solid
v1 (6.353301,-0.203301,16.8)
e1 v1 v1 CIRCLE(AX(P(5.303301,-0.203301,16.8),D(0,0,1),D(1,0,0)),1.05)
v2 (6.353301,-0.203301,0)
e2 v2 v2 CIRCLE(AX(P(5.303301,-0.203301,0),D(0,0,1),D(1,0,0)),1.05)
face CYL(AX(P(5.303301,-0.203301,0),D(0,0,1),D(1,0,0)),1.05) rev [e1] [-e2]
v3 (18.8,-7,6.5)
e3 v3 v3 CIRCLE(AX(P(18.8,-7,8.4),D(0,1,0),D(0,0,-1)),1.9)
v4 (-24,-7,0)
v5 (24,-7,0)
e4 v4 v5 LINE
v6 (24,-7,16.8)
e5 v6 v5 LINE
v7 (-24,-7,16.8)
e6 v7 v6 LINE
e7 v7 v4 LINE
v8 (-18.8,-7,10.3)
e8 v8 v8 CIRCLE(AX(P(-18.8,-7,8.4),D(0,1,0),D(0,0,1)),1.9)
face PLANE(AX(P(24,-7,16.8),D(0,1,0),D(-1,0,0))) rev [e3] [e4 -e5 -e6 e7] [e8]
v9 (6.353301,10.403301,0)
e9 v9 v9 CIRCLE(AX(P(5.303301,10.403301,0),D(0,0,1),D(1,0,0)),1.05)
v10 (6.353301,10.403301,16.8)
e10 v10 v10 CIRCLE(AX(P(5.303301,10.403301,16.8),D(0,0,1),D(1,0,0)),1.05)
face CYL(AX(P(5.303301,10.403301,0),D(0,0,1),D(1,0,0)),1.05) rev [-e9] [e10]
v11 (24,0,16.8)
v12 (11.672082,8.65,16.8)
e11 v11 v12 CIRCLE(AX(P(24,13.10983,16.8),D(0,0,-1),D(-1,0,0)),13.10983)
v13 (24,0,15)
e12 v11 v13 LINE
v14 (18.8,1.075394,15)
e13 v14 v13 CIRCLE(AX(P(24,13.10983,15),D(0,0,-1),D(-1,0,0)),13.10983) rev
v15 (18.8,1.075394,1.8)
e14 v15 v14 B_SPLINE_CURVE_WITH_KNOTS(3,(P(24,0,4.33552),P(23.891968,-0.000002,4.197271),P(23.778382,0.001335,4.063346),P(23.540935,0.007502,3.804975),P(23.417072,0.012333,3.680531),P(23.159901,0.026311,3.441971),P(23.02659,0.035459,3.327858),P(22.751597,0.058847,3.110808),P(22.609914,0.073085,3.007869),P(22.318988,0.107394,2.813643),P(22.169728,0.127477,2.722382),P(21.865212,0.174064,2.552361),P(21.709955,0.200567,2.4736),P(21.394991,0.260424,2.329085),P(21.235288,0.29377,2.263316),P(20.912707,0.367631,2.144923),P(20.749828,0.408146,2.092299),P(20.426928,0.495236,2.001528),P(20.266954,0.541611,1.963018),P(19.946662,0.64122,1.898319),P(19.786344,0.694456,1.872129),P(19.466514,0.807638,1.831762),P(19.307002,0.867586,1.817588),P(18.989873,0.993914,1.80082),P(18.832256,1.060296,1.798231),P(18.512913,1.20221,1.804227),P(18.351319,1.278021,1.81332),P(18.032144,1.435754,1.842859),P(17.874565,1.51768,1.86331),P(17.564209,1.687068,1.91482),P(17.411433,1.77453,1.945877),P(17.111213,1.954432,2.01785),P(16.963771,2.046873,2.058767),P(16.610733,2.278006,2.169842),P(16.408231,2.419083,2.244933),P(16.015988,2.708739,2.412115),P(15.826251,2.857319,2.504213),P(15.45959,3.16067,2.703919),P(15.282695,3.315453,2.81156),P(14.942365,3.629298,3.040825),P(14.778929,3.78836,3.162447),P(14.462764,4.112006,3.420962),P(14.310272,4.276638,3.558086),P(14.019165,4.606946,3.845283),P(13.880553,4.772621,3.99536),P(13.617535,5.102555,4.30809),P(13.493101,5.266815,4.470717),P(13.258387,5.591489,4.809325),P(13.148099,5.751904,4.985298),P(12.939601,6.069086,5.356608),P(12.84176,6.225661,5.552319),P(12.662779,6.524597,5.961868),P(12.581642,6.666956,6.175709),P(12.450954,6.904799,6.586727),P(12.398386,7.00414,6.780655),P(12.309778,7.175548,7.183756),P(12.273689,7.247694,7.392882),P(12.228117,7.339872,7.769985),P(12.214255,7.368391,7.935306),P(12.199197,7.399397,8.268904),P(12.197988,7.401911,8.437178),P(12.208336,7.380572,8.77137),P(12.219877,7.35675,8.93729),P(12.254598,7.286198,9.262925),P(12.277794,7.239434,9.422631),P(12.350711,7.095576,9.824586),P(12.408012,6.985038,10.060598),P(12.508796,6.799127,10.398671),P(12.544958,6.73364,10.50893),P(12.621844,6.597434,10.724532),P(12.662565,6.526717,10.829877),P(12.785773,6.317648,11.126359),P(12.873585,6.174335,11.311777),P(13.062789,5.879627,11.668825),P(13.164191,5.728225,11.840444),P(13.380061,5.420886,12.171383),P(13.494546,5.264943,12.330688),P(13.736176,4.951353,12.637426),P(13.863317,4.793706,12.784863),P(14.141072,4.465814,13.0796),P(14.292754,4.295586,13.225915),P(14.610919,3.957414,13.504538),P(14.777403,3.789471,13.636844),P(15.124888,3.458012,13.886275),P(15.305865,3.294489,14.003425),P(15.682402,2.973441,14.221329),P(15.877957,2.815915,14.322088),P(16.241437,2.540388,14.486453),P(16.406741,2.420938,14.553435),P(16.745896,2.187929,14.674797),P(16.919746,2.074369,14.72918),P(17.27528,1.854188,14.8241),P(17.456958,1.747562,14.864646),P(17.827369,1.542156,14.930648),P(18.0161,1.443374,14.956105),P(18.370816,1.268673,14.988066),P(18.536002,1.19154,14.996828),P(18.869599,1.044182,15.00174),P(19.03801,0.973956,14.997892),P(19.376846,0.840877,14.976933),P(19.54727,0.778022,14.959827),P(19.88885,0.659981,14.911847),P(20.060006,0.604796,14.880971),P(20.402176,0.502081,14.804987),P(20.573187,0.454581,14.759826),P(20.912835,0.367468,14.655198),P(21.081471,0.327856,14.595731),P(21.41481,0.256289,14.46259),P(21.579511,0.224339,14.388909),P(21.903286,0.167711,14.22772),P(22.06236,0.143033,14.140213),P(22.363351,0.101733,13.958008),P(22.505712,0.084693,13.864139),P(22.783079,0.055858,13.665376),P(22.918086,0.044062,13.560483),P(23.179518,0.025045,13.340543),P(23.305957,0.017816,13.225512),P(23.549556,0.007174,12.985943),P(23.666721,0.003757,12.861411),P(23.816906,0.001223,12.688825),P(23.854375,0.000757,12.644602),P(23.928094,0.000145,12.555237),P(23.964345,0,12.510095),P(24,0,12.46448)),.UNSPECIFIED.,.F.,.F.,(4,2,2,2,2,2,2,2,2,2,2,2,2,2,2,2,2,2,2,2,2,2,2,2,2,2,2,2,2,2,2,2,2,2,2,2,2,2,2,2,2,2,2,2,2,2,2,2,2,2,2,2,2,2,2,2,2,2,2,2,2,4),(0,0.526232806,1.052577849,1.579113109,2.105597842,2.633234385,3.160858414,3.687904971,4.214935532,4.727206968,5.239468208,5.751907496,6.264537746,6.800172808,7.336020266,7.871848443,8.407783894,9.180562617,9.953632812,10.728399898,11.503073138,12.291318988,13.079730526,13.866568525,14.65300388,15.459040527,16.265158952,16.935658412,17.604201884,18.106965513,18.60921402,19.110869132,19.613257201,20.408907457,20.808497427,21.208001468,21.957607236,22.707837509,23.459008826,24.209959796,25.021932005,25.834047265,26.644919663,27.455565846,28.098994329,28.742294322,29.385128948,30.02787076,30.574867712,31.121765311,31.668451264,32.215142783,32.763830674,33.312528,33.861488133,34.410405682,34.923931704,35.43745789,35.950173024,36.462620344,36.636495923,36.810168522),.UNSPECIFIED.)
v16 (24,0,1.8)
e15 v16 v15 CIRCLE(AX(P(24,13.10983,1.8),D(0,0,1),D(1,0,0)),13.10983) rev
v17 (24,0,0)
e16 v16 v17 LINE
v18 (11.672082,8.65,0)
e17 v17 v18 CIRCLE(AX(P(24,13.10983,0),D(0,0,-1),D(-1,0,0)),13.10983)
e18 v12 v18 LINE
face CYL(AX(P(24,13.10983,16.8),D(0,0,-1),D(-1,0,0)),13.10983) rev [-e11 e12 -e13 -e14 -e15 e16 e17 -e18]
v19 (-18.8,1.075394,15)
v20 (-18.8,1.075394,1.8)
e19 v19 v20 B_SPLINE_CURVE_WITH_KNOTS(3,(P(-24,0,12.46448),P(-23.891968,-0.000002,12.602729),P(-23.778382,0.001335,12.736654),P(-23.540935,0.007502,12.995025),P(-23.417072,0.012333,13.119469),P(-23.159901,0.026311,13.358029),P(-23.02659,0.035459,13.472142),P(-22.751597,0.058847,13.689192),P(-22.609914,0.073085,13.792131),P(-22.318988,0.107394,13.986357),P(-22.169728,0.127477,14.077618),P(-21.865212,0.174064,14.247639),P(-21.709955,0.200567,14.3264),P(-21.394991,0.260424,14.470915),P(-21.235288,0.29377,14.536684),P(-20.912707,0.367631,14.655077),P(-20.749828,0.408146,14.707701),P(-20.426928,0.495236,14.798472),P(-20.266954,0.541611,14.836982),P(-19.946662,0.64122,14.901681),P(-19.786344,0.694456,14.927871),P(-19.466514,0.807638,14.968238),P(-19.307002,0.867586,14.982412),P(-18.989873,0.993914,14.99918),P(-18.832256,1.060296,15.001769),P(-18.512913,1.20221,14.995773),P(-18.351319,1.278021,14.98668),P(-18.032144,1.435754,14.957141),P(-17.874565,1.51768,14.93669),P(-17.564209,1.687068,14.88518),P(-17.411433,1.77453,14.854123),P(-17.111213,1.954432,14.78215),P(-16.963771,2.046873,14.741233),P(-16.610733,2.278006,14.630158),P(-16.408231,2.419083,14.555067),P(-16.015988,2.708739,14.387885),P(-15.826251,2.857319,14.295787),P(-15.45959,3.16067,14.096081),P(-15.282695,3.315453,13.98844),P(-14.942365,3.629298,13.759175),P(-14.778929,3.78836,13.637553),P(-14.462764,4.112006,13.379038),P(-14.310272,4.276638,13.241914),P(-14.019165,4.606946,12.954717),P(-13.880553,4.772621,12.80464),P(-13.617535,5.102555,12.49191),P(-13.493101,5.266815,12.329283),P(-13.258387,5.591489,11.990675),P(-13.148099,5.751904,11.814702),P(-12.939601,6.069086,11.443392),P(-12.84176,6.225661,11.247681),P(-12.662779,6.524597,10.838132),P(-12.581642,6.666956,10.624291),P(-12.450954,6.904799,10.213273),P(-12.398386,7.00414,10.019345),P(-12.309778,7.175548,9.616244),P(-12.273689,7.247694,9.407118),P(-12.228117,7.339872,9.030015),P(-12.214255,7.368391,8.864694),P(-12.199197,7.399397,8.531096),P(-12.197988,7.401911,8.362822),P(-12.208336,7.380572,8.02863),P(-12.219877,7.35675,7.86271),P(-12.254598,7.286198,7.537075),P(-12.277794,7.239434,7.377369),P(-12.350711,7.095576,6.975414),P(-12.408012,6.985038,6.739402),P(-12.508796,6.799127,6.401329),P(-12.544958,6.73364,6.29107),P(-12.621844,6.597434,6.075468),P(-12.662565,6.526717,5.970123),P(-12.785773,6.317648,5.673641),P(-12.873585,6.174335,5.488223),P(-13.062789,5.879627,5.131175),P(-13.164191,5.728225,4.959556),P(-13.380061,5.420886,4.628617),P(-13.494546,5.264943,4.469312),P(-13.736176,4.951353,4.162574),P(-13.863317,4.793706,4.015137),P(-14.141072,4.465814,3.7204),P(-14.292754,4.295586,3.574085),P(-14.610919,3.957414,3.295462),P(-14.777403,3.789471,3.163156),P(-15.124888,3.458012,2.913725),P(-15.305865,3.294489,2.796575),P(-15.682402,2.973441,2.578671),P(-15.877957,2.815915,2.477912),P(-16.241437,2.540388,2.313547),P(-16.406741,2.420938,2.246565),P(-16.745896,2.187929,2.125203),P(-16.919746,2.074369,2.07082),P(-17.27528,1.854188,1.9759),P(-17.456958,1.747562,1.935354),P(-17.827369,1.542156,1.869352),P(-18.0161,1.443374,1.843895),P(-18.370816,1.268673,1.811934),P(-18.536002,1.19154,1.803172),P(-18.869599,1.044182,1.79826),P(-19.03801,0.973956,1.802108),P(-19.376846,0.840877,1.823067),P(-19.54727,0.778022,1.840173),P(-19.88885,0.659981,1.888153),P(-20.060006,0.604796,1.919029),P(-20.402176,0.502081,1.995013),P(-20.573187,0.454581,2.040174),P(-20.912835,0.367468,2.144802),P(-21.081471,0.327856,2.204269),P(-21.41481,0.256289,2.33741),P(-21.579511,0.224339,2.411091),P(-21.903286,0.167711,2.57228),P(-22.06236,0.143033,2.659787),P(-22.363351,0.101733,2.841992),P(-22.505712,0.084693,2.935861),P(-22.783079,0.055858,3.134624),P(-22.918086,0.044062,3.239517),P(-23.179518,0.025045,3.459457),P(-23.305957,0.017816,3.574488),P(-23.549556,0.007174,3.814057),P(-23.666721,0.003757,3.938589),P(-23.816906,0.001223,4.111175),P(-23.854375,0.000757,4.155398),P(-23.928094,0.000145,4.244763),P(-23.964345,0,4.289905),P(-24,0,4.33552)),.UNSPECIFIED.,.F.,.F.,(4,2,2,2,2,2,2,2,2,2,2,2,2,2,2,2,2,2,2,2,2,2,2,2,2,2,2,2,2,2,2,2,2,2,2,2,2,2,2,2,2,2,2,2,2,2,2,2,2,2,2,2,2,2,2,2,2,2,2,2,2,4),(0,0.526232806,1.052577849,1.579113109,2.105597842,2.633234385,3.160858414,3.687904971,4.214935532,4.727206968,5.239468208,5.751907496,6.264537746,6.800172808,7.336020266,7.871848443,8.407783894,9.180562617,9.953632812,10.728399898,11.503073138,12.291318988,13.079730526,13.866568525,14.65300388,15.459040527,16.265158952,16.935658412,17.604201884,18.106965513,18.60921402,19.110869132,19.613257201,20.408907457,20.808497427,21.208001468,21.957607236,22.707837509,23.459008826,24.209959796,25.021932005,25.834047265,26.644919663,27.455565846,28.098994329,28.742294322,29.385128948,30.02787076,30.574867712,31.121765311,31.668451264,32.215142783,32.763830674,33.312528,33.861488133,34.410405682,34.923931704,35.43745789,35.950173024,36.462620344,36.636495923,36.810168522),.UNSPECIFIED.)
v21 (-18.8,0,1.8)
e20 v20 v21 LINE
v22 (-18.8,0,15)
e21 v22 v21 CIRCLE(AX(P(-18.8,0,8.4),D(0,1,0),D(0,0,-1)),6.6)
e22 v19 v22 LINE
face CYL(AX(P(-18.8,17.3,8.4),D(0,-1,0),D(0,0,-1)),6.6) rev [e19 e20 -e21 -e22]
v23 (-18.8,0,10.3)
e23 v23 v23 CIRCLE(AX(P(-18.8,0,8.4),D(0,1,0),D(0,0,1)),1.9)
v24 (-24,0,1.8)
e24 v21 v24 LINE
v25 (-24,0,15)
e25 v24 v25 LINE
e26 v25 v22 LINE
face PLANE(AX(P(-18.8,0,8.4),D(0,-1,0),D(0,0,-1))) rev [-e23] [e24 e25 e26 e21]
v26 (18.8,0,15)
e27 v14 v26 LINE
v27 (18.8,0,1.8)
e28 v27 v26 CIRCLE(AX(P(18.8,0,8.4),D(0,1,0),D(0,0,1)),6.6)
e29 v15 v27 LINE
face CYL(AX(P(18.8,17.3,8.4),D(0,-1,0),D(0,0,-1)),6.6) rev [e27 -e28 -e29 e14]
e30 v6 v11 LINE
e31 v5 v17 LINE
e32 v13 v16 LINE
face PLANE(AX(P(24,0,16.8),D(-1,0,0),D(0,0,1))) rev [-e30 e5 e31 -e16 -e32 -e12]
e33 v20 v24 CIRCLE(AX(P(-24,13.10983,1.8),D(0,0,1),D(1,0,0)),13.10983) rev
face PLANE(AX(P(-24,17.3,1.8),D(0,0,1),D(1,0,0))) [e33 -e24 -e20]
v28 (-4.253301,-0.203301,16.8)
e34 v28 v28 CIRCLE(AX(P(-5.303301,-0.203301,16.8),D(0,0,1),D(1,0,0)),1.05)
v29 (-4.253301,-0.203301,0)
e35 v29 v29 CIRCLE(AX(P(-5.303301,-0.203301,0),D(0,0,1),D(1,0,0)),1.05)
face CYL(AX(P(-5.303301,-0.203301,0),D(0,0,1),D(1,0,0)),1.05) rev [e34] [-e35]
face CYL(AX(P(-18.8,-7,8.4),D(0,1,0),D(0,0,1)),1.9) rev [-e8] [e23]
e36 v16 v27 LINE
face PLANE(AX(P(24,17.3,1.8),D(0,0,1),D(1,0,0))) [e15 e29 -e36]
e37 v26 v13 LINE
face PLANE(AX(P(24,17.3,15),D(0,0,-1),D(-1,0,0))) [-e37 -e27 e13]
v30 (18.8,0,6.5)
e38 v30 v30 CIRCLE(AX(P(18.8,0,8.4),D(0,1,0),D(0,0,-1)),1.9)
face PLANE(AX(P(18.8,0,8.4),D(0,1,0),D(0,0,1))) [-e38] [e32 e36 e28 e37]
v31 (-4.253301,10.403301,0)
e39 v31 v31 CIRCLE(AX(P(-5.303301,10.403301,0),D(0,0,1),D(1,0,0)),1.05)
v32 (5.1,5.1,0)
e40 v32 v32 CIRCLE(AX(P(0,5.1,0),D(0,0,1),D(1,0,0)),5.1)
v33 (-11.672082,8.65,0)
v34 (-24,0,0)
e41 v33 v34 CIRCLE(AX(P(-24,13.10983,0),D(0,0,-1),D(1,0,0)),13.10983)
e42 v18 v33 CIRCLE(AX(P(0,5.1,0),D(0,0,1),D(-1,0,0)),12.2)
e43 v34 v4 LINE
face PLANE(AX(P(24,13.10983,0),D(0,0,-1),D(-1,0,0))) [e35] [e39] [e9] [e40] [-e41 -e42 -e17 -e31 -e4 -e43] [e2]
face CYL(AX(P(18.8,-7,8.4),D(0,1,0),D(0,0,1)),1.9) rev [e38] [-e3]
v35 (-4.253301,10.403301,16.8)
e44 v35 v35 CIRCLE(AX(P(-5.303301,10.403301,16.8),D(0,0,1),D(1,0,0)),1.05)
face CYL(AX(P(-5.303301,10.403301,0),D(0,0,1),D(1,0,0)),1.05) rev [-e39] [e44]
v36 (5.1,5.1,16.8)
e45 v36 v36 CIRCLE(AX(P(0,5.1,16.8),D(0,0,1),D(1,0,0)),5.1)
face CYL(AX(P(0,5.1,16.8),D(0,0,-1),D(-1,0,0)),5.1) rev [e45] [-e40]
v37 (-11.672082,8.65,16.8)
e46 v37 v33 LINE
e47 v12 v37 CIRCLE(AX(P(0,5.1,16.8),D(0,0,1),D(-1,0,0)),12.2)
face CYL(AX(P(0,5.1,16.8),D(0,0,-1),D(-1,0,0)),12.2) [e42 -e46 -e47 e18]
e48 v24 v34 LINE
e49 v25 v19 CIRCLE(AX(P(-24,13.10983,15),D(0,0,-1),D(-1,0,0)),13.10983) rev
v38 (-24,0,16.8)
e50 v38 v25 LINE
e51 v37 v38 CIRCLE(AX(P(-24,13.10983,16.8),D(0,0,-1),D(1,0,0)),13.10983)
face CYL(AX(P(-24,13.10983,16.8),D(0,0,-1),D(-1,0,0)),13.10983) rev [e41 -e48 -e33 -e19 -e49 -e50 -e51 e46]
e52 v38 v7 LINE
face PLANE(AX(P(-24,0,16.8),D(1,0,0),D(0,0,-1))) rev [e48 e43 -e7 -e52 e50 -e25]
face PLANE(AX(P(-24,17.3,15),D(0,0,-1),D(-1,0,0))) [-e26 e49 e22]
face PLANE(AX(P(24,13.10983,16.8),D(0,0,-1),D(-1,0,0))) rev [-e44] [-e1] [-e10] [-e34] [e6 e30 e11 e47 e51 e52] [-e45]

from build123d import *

# Parameters (mm, degrees)
CROQUIS2_R              = 5.1
SALIENTE_EXTRUIR1_DEPTH = 16.8
CROQUIS3_R              = 1.05
CORTAR_EXTRUIR1_DEPTH   = 35.02249256
CORTAR_EXTRUIR2_DEPTH   = 35.02249256
CROQUIS5_R              = 1.9
CORTAR_EXTRUIR3_DEPTH   = 35.02249268


with BuildPart() as part:
    # Croquis2 → Saliente-Extruir1 (new body)
    with BuildSketch(Plane.XY):
        with BuildLine():
            Line((24, 0), (24, -7))
            Line((24, -7), (-24, -7))
            Line((-24, -7), (-24, 0))
            ThreePointArc((-24, 0), (-16.47005876, 2.37821186), (-11.672082076, 8.65))
            ThreePointArc((-11.672082076, 8.65), (0, 17.3), (11.672082076, 8.65))
            ThreePointArc((11.672082076, 8.65), (16.47005876, 2.37821186), (24, 0))
        make_face()
        with Locations((0, 5.1)):
            Circle(CROQUIS2_R, mode=Mode.SUBTRACT)
    extrude(amount=SALIENTE_EXTRUIR1_DEPTH)

    # Croquis3 → Cortar-Extruir1 (cut, through all)
    with BuildSketch(Plane.XY.offset(16.8)):
        with Locations((5.303300859, 10.403300859)):
            Circle(CROQUIS3_R)
        with Locations((5.303300859, -0.203300859)):
            Circle(CROQUIS3_R)
        with Locations((-5.303300859, -0.203300859)):
            Circle(CROQUIS3_R)
        with Locations((-5.303300859, 10.403300859)):
            Circle(CROQUIS3_R)
    extrude(amount=-CORTAR_EXTRUIR1_DEPTH, mode=Mode.SUBTRACT)

    # Croquis4 → Cortar-Extruir2 (cut, through all)
    with BuildSketch(Plane(origin=(0, 0, 0), x_dir=(1, 0, 0), z_dir=(0, 1, 0))):
        with BuildLine():
            Line((-24, -1.8), (-24, -15))
            Line((-24, -15), (-18.8, -15))
            ThreePointArc((-18.8, -15), (-12.2, -8.4), (-18.8, -1.8))
            Line((-18.8, -1.8), (-24, -1.8))
        make_face()
        with BuildLine():
            Line((24, -15), (18.8, -15))
            ThreePointArc((18.8, -15), (12.2, -8.4), (18.8, -1.8))
            Line((18.8, -1.8), (24, -1.8))
            Line((24, -1.8), (24, -15))
        make_face()
    extrude(amount=CORTAR_EXTRUIR2_DEPTH, mode=Mode.SUBTRACT)

    # Croquis5 → Cortar-Extruir3 (cut, through all)
    with BuildSketch(Plane(origin=(0, 0, 0), x_dir=(1, 0, 0), z_dir=(0, 1, 0))):
        with Locations(Location((-18.8, -8.4, 0), (0, 0, 270))):
            Circle(CROQUIS5_R)
        with Locations(Location((18.8, -8.4, 0), (0, 0, 90))):
            Circle(CROQUIS5_R)
    extrude(amount=-CORTAR_EXTRUIR3_DEPTH, mode=Mode.SUBTRACT)


solid = part.part
